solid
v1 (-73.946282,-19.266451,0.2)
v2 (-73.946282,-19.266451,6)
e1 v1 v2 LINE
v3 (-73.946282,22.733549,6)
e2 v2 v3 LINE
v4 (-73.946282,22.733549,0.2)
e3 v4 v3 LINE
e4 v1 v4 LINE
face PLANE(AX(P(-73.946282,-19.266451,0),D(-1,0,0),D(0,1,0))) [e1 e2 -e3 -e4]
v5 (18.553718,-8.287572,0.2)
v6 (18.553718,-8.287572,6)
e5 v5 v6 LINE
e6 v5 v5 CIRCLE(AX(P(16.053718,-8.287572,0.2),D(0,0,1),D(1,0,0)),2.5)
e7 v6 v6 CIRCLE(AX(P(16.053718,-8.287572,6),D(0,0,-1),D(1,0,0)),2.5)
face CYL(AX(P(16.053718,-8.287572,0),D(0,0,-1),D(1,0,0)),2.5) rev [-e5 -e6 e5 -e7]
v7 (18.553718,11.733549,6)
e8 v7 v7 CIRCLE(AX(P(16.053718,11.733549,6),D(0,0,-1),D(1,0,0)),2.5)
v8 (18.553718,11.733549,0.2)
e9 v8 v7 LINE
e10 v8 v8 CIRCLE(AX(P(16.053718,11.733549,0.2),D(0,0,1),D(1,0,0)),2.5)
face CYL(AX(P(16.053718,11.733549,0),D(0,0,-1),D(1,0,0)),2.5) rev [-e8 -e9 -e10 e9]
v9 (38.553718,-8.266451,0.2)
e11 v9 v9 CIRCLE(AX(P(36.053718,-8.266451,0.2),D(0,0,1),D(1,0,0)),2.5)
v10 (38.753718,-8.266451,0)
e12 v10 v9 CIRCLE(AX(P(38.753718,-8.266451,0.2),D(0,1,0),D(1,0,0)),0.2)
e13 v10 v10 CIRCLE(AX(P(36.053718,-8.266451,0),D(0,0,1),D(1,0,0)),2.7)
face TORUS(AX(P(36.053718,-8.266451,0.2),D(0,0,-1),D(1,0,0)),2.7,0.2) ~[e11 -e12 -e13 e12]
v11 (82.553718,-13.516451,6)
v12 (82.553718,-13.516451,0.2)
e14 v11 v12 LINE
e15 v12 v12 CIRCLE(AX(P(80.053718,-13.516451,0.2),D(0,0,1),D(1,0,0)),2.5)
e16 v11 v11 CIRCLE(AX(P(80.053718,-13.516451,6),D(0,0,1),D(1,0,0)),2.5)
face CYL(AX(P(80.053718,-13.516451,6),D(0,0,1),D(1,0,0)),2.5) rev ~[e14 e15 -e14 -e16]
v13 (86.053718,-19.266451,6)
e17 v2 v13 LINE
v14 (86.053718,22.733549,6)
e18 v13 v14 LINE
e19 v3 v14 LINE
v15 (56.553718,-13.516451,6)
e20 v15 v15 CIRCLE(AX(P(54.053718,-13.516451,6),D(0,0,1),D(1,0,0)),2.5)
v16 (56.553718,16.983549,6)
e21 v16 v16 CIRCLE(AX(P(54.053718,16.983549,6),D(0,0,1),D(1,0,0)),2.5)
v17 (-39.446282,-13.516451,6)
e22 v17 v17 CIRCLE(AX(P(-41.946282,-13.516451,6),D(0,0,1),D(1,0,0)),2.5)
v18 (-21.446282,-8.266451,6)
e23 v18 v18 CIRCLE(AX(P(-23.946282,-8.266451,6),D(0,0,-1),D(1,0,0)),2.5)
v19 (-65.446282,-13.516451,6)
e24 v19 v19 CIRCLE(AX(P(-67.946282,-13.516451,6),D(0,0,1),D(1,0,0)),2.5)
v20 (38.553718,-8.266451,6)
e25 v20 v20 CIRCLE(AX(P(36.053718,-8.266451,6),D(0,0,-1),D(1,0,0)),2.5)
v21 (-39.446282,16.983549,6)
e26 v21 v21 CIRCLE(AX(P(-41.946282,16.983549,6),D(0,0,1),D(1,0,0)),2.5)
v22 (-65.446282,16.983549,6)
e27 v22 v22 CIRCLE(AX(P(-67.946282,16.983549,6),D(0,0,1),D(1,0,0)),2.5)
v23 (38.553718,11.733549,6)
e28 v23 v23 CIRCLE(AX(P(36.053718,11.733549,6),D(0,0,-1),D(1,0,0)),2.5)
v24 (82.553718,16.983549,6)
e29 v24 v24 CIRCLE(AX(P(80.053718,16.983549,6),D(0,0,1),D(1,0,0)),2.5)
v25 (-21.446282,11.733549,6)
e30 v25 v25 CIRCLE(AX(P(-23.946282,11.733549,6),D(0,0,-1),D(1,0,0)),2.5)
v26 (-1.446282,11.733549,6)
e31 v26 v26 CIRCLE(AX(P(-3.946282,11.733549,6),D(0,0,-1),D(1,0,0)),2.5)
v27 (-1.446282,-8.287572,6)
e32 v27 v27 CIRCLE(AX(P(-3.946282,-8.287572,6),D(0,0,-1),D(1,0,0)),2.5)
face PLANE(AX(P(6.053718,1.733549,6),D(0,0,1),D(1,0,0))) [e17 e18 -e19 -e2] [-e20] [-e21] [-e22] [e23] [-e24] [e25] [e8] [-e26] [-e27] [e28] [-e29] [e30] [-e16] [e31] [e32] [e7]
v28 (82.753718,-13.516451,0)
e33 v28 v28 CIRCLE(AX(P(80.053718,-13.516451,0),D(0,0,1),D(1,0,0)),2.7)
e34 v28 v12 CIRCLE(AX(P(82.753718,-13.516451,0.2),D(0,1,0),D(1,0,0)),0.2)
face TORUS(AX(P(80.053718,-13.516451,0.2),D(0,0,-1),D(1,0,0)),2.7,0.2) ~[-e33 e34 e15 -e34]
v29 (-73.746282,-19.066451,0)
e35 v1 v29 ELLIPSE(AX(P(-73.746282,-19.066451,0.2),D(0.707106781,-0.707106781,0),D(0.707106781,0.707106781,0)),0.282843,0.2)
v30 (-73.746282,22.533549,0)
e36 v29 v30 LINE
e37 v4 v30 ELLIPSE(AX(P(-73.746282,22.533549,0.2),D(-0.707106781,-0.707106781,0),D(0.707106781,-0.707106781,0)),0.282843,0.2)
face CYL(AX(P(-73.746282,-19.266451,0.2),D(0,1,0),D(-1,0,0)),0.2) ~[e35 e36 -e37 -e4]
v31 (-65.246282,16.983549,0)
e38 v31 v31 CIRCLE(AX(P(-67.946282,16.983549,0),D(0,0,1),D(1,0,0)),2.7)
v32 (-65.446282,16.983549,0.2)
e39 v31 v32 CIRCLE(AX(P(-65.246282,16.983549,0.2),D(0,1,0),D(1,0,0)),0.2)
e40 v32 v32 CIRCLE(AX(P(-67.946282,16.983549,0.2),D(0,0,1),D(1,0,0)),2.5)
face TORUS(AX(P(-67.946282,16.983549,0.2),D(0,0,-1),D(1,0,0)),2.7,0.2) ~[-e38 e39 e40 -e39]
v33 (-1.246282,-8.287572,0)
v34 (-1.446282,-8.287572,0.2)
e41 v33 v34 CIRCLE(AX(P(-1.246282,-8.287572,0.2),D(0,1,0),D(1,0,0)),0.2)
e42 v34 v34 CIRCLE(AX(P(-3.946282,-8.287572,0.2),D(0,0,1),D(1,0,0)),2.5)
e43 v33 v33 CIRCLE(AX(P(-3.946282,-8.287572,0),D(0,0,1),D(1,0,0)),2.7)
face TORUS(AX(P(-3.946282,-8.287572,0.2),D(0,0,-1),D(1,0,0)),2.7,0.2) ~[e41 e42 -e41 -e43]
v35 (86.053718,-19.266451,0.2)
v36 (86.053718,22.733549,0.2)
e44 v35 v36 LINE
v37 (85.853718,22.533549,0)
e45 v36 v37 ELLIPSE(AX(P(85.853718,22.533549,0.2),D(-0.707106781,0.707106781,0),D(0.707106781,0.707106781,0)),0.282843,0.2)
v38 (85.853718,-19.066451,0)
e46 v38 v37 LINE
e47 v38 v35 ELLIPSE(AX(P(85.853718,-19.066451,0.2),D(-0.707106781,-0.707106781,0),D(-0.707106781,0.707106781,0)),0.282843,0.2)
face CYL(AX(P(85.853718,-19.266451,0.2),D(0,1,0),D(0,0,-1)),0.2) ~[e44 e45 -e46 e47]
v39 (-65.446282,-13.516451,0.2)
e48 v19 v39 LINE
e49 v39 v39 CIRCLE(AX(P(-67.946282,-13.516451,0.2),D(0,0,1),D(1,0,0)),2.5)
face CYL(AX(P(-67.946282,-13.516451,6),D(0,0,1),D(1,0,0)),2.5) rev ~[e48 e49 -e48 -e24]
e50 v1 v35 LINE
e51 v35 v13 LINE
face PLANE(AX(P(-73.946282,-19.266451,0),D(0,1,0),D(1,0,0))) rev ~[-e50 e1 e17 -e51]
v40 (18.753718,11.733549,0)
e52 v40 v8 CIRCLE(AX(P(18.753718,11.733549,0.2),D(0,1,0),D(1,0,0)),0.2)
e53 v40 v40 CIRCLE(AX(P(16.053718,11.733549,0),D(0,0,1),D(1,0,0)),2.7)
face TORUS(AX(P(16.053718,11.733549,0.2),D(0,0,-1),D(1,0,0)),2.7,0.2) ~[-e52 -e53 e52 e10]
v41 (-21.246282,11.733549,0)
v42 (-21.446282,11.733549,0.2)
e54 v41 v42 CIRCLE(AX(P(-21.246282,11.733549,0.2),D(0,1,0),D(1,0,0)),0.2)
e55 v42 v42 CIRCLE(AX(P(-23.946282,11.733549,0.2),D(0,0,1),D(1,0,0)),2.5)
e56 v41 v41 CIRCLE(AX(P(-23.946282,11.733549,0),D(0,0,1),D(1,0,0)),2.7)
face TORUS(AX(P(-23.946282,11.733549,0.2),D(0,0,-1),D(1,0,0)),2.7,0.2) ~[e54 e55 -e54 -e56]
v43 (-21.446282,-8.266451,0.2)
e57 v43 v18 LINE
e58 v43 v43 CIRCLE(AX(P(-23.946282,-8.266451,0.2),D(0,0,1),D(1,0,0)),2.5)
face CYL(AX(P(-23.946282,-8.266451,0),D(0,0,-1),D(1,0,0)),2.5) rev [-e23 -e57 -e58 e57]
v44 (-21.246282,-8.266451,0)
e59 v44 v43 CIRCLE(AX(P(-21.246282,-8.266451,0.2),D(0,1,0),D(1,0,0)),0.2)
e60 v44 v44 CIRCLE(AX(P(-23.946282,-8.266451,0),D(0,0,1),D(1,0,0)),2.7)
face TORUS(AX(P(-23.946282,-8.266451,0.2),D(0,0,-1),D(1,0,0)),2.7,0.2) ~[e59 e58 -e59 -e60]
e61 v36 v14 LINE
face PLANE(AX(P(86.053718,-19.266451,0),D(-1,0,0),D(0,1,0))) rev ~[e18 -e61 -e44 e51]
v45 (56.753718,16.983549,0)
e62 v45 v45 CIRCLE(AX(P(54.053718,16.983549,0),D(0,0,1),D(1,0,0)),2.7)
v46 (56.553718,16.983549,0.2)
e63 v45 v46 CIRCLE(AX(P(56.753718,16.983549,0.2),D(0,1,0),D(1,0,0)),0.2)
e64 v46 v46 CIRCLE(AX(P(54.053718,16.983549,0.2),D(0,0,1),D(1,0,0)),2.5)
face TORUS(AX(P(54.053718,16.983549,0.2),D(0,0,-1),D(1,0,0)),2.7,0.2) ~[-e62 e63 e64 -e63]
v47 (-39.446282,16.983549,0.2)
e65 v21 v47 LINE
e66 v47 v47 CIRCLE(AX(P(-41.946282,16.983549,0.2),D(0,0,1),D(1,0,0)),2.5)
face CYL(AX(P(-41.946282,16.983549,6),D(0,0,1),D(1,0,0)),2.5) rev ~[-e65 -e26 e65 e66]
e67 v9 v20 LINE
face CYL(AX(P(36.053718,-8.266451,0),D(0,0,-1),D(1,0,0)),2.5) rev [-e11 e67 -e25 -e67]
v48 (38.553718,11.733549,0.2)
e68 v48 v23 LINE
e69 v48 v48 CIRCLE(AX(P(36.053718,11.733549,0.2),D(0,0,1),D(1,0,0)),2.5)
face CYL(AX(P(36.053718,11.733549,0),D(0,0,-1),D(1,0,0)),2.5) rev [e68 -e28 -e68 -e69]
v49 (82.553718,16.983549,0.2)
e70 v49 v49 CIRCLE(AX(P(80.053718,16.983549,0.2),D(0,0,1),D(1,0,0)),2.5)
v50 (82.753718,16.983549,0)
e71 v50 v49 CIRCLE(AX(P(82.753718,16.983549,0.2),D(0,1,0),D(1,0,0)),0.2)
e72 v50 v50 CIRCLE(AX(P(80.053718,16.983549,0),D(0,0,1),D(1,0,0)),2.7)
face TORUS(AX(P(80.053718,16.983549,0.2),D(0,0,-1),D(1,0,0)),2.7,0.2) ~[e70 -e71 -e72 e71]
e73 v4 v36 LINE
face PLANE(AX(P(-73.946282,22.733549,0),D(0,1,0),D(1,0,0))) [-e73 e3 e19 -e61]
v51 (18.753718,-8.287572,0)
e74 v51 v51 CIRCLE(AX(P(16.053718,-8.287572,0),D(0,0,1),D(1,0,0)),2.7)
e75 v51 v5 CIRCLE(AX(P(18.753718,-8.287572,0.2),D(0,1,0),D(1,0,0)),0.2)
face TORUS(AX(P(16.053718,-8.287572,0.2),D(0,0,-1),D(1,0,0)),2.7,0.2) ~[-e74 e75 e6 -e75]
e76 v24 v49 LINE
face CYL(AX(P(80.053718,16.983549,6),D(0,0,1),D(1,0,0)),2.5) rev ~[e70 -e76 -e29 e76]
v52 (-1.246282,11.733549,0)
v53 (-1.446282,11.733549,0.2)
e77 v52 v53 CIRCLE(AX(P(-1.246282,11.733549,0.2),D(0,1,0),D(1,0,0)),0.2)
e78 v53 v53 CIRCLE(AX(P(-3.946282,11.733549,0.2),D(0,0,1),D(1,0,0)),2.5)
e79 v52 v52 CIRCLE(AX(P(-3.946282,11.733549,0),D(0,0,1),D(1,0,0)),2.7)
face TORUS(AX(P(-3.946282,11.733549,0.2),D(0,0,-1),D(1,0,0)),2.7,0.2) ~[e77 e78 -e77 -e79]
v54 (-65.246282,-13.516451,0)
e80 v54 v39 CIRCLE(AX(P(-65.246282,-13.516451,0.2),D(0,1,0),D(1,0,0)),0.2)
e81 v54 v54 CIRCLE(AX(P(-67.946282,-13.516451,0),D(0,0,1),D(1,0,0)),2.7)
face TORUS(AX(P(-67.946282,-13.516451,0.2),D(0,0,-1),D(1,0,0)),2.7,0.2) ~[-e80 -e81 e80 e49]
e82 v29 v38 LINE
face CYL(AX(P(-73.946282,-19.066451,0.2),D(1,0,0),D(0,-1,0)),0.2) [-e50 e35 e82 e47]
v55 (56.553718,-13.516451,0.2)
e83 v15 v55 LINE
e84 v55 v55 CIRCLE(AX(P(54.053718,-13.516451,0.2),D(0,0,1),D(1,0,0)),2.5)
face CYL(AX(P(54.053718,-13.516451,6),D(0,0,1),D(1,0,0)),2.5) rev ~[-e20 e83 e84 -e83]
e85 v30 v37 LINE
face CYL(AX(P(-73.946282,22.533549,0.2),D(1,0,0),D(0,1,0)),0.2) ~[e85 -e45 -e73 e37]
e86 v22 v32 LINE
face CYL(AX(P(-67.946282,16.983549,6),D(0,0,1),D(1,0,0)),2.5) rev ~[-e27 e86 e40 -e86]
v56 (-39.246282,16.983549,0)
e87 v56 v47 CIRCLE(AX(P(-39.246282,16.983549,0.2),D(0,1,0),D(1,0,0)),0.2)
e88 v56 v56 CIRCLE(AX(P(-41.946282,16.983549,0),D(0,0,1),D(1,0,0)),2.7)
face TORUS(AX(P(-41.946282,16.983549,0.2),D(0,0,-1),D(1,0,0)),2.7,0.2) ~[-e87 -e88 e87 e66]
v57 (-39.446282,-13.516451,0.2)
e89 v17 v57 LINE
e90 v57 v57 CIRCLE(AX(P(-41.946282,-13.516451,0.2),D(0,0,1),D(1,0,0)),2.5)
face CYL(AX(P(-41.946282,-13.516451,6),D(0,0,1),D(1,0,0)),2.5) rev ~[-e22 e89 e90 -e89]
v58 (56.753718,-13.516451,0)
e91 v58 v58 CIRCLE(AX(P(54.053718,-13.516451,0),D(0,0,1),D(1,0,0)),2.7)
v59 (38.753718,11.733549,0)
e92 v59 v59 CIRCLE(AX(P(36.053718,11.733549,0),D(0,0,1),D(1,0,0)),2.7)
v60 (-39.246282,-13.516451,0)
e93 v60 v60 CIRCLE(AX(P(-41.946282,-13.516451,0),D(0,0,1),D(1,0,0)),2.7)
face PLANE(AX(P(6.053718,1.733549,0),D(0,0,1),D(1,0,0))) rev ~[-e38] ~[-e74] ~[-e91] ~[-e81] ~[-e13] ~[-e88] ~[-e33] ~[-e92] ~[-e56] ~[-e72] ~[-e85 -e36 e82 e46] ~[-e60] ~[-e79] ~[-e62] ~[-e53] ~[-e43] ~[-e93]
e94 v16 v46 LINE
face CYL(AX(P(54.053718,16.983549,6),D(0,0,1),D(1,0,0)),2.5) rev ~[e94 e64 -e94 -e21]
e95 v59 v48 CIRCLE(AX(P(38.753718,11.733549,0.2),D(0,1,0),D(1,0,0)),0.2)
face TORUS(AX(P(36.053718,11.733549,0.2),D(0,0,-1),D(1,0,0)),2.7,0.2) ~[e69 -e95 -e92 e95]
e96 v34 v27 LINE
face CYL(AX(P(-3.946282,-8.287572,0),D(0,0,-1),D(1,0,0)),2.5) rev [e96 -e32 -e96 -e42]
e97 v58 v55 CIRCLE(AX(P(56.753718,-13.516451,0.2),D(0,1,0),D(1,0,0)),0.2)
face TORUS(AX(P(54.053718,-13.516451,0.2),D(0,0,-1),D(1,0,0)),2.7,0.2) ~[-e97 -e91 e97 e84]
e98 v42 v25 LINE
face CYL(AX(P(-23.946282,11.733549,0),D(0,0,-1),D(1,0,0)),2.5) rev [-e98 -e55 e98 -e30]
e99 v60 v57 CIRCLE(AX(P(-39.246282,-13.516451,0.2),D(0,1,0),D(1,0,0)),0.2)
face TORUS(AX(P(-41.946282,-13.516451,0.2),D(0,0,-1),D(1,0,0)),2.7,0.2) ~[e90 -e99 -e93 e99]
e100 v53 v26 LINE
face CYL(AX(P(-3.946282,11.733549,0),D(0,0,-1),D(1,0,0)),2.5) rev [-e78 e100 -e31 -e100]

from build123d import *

# Parameters (mm, degrees)
F0_W     = 160
F0_H     = 42
F1_DEPTH = 6
F2_R     = 2.5
F3_DEPTH = 6.001
F4_R     = 2.5
F5_DEPTH = 6.001
F6_R     = 0.2


with BuildPart() as f1:
    # F0 (on Top) → F1 (new body)
    with BuildSketch(Plane.XY):
        with Locations((6.053718, 1.733549)):
            Rectangle(F0_W, F0_H)
    extrude(amount=F1_DEPTH)

    # F2 (on face) → F3 (cut, through all)
    with BuildSketch(Plane.XY.offset(6)):
        with Locations((-67.946282, 16.983549)):
            Circle(F2_R)
        with Locations((-41.946282, 16.983549)):
            Circle(F2_R)
        with Locations((54.053718, 16.983549)):
            Circle(F2_R)
        with Locations((80.053718, 16.983549)):
            Circle(F2_R)
        with Locations((80.053718, -13.516451)):
            Circle(F2_R)
        with Locations((54.053718, -13.516451)):
            Circle(F2_R)
        with Locations((-41.946282, -13.516451)):
            Circle(F2_R)
        with Locations((-67.946282, -13.516451)):
            Circle(F2_R)
    extrude(amount=-F3_DEPTH, mode=Mode.SUBTRACT)

    # F4 (on face) → F5 (cut, through all)
    with BuildSketch(Plane.XY):
        with Locations((-23.946282, -8.266451)):
            Circle(F4_R)
        with Locations((-23.946282, 11.733549)):
            Circle(F4_R)
        with Locations((-3.946282, 11.733549)):
            Circle(F4_R)
        with Locations((-3.946282, -8.287572)):
            Circle(F4_R)
        with Locations((16.053718, -8.287572)):
            Circle(F4_R)
        with Locations((16.053718, 11.733549)):
            Circle(F4_R)
        with Locations((36.053718, 11.733549)):
            Circle(F4_R)
        with Locations((36.053718, -8.266451)):
            Circle(F4_R)
    extrude(amount=F5_DEPTH, mode=Mode.SUBTRACT)

    # F6
    f6_edges = [f1.edges().sort_by_distance(p)[0] for p in [
        (6.053718, 22.733549, 0),
        (86.053718, 1.733549, 0),
        (6.053718, -19.266451, 0),
        (-73.946282, 1.733549, 0),
        (-70.446282, -13.516451, 0),
        (-44.446282, -13.516451, 0),
        (-26.446282, -8.266451, 0),
        (-6.446282, -8.287572, 0),
        (13.553718, -8.287572, 0),
        (33.553718, -8.266451, 0),
        (51.553718, -13.516451, 0),
        (77.553718, -13.516451, 0),
        (-70.446282, 16.983549, 0),
        (-44.446282, 16.983549, 0),
        (-26.446282, 11.733549, 0),
        (-6.446282, 11.733549, 0),
        (13.553718, 11.733549, 0),
        (33.553718, 11.733549, 0),
        (51.553718, 16.983549, 0),
        (77.553718, 16.983549, 0),
    ]]
    fillet(f6_edges, radius=F6_R)


solid = f1.part
